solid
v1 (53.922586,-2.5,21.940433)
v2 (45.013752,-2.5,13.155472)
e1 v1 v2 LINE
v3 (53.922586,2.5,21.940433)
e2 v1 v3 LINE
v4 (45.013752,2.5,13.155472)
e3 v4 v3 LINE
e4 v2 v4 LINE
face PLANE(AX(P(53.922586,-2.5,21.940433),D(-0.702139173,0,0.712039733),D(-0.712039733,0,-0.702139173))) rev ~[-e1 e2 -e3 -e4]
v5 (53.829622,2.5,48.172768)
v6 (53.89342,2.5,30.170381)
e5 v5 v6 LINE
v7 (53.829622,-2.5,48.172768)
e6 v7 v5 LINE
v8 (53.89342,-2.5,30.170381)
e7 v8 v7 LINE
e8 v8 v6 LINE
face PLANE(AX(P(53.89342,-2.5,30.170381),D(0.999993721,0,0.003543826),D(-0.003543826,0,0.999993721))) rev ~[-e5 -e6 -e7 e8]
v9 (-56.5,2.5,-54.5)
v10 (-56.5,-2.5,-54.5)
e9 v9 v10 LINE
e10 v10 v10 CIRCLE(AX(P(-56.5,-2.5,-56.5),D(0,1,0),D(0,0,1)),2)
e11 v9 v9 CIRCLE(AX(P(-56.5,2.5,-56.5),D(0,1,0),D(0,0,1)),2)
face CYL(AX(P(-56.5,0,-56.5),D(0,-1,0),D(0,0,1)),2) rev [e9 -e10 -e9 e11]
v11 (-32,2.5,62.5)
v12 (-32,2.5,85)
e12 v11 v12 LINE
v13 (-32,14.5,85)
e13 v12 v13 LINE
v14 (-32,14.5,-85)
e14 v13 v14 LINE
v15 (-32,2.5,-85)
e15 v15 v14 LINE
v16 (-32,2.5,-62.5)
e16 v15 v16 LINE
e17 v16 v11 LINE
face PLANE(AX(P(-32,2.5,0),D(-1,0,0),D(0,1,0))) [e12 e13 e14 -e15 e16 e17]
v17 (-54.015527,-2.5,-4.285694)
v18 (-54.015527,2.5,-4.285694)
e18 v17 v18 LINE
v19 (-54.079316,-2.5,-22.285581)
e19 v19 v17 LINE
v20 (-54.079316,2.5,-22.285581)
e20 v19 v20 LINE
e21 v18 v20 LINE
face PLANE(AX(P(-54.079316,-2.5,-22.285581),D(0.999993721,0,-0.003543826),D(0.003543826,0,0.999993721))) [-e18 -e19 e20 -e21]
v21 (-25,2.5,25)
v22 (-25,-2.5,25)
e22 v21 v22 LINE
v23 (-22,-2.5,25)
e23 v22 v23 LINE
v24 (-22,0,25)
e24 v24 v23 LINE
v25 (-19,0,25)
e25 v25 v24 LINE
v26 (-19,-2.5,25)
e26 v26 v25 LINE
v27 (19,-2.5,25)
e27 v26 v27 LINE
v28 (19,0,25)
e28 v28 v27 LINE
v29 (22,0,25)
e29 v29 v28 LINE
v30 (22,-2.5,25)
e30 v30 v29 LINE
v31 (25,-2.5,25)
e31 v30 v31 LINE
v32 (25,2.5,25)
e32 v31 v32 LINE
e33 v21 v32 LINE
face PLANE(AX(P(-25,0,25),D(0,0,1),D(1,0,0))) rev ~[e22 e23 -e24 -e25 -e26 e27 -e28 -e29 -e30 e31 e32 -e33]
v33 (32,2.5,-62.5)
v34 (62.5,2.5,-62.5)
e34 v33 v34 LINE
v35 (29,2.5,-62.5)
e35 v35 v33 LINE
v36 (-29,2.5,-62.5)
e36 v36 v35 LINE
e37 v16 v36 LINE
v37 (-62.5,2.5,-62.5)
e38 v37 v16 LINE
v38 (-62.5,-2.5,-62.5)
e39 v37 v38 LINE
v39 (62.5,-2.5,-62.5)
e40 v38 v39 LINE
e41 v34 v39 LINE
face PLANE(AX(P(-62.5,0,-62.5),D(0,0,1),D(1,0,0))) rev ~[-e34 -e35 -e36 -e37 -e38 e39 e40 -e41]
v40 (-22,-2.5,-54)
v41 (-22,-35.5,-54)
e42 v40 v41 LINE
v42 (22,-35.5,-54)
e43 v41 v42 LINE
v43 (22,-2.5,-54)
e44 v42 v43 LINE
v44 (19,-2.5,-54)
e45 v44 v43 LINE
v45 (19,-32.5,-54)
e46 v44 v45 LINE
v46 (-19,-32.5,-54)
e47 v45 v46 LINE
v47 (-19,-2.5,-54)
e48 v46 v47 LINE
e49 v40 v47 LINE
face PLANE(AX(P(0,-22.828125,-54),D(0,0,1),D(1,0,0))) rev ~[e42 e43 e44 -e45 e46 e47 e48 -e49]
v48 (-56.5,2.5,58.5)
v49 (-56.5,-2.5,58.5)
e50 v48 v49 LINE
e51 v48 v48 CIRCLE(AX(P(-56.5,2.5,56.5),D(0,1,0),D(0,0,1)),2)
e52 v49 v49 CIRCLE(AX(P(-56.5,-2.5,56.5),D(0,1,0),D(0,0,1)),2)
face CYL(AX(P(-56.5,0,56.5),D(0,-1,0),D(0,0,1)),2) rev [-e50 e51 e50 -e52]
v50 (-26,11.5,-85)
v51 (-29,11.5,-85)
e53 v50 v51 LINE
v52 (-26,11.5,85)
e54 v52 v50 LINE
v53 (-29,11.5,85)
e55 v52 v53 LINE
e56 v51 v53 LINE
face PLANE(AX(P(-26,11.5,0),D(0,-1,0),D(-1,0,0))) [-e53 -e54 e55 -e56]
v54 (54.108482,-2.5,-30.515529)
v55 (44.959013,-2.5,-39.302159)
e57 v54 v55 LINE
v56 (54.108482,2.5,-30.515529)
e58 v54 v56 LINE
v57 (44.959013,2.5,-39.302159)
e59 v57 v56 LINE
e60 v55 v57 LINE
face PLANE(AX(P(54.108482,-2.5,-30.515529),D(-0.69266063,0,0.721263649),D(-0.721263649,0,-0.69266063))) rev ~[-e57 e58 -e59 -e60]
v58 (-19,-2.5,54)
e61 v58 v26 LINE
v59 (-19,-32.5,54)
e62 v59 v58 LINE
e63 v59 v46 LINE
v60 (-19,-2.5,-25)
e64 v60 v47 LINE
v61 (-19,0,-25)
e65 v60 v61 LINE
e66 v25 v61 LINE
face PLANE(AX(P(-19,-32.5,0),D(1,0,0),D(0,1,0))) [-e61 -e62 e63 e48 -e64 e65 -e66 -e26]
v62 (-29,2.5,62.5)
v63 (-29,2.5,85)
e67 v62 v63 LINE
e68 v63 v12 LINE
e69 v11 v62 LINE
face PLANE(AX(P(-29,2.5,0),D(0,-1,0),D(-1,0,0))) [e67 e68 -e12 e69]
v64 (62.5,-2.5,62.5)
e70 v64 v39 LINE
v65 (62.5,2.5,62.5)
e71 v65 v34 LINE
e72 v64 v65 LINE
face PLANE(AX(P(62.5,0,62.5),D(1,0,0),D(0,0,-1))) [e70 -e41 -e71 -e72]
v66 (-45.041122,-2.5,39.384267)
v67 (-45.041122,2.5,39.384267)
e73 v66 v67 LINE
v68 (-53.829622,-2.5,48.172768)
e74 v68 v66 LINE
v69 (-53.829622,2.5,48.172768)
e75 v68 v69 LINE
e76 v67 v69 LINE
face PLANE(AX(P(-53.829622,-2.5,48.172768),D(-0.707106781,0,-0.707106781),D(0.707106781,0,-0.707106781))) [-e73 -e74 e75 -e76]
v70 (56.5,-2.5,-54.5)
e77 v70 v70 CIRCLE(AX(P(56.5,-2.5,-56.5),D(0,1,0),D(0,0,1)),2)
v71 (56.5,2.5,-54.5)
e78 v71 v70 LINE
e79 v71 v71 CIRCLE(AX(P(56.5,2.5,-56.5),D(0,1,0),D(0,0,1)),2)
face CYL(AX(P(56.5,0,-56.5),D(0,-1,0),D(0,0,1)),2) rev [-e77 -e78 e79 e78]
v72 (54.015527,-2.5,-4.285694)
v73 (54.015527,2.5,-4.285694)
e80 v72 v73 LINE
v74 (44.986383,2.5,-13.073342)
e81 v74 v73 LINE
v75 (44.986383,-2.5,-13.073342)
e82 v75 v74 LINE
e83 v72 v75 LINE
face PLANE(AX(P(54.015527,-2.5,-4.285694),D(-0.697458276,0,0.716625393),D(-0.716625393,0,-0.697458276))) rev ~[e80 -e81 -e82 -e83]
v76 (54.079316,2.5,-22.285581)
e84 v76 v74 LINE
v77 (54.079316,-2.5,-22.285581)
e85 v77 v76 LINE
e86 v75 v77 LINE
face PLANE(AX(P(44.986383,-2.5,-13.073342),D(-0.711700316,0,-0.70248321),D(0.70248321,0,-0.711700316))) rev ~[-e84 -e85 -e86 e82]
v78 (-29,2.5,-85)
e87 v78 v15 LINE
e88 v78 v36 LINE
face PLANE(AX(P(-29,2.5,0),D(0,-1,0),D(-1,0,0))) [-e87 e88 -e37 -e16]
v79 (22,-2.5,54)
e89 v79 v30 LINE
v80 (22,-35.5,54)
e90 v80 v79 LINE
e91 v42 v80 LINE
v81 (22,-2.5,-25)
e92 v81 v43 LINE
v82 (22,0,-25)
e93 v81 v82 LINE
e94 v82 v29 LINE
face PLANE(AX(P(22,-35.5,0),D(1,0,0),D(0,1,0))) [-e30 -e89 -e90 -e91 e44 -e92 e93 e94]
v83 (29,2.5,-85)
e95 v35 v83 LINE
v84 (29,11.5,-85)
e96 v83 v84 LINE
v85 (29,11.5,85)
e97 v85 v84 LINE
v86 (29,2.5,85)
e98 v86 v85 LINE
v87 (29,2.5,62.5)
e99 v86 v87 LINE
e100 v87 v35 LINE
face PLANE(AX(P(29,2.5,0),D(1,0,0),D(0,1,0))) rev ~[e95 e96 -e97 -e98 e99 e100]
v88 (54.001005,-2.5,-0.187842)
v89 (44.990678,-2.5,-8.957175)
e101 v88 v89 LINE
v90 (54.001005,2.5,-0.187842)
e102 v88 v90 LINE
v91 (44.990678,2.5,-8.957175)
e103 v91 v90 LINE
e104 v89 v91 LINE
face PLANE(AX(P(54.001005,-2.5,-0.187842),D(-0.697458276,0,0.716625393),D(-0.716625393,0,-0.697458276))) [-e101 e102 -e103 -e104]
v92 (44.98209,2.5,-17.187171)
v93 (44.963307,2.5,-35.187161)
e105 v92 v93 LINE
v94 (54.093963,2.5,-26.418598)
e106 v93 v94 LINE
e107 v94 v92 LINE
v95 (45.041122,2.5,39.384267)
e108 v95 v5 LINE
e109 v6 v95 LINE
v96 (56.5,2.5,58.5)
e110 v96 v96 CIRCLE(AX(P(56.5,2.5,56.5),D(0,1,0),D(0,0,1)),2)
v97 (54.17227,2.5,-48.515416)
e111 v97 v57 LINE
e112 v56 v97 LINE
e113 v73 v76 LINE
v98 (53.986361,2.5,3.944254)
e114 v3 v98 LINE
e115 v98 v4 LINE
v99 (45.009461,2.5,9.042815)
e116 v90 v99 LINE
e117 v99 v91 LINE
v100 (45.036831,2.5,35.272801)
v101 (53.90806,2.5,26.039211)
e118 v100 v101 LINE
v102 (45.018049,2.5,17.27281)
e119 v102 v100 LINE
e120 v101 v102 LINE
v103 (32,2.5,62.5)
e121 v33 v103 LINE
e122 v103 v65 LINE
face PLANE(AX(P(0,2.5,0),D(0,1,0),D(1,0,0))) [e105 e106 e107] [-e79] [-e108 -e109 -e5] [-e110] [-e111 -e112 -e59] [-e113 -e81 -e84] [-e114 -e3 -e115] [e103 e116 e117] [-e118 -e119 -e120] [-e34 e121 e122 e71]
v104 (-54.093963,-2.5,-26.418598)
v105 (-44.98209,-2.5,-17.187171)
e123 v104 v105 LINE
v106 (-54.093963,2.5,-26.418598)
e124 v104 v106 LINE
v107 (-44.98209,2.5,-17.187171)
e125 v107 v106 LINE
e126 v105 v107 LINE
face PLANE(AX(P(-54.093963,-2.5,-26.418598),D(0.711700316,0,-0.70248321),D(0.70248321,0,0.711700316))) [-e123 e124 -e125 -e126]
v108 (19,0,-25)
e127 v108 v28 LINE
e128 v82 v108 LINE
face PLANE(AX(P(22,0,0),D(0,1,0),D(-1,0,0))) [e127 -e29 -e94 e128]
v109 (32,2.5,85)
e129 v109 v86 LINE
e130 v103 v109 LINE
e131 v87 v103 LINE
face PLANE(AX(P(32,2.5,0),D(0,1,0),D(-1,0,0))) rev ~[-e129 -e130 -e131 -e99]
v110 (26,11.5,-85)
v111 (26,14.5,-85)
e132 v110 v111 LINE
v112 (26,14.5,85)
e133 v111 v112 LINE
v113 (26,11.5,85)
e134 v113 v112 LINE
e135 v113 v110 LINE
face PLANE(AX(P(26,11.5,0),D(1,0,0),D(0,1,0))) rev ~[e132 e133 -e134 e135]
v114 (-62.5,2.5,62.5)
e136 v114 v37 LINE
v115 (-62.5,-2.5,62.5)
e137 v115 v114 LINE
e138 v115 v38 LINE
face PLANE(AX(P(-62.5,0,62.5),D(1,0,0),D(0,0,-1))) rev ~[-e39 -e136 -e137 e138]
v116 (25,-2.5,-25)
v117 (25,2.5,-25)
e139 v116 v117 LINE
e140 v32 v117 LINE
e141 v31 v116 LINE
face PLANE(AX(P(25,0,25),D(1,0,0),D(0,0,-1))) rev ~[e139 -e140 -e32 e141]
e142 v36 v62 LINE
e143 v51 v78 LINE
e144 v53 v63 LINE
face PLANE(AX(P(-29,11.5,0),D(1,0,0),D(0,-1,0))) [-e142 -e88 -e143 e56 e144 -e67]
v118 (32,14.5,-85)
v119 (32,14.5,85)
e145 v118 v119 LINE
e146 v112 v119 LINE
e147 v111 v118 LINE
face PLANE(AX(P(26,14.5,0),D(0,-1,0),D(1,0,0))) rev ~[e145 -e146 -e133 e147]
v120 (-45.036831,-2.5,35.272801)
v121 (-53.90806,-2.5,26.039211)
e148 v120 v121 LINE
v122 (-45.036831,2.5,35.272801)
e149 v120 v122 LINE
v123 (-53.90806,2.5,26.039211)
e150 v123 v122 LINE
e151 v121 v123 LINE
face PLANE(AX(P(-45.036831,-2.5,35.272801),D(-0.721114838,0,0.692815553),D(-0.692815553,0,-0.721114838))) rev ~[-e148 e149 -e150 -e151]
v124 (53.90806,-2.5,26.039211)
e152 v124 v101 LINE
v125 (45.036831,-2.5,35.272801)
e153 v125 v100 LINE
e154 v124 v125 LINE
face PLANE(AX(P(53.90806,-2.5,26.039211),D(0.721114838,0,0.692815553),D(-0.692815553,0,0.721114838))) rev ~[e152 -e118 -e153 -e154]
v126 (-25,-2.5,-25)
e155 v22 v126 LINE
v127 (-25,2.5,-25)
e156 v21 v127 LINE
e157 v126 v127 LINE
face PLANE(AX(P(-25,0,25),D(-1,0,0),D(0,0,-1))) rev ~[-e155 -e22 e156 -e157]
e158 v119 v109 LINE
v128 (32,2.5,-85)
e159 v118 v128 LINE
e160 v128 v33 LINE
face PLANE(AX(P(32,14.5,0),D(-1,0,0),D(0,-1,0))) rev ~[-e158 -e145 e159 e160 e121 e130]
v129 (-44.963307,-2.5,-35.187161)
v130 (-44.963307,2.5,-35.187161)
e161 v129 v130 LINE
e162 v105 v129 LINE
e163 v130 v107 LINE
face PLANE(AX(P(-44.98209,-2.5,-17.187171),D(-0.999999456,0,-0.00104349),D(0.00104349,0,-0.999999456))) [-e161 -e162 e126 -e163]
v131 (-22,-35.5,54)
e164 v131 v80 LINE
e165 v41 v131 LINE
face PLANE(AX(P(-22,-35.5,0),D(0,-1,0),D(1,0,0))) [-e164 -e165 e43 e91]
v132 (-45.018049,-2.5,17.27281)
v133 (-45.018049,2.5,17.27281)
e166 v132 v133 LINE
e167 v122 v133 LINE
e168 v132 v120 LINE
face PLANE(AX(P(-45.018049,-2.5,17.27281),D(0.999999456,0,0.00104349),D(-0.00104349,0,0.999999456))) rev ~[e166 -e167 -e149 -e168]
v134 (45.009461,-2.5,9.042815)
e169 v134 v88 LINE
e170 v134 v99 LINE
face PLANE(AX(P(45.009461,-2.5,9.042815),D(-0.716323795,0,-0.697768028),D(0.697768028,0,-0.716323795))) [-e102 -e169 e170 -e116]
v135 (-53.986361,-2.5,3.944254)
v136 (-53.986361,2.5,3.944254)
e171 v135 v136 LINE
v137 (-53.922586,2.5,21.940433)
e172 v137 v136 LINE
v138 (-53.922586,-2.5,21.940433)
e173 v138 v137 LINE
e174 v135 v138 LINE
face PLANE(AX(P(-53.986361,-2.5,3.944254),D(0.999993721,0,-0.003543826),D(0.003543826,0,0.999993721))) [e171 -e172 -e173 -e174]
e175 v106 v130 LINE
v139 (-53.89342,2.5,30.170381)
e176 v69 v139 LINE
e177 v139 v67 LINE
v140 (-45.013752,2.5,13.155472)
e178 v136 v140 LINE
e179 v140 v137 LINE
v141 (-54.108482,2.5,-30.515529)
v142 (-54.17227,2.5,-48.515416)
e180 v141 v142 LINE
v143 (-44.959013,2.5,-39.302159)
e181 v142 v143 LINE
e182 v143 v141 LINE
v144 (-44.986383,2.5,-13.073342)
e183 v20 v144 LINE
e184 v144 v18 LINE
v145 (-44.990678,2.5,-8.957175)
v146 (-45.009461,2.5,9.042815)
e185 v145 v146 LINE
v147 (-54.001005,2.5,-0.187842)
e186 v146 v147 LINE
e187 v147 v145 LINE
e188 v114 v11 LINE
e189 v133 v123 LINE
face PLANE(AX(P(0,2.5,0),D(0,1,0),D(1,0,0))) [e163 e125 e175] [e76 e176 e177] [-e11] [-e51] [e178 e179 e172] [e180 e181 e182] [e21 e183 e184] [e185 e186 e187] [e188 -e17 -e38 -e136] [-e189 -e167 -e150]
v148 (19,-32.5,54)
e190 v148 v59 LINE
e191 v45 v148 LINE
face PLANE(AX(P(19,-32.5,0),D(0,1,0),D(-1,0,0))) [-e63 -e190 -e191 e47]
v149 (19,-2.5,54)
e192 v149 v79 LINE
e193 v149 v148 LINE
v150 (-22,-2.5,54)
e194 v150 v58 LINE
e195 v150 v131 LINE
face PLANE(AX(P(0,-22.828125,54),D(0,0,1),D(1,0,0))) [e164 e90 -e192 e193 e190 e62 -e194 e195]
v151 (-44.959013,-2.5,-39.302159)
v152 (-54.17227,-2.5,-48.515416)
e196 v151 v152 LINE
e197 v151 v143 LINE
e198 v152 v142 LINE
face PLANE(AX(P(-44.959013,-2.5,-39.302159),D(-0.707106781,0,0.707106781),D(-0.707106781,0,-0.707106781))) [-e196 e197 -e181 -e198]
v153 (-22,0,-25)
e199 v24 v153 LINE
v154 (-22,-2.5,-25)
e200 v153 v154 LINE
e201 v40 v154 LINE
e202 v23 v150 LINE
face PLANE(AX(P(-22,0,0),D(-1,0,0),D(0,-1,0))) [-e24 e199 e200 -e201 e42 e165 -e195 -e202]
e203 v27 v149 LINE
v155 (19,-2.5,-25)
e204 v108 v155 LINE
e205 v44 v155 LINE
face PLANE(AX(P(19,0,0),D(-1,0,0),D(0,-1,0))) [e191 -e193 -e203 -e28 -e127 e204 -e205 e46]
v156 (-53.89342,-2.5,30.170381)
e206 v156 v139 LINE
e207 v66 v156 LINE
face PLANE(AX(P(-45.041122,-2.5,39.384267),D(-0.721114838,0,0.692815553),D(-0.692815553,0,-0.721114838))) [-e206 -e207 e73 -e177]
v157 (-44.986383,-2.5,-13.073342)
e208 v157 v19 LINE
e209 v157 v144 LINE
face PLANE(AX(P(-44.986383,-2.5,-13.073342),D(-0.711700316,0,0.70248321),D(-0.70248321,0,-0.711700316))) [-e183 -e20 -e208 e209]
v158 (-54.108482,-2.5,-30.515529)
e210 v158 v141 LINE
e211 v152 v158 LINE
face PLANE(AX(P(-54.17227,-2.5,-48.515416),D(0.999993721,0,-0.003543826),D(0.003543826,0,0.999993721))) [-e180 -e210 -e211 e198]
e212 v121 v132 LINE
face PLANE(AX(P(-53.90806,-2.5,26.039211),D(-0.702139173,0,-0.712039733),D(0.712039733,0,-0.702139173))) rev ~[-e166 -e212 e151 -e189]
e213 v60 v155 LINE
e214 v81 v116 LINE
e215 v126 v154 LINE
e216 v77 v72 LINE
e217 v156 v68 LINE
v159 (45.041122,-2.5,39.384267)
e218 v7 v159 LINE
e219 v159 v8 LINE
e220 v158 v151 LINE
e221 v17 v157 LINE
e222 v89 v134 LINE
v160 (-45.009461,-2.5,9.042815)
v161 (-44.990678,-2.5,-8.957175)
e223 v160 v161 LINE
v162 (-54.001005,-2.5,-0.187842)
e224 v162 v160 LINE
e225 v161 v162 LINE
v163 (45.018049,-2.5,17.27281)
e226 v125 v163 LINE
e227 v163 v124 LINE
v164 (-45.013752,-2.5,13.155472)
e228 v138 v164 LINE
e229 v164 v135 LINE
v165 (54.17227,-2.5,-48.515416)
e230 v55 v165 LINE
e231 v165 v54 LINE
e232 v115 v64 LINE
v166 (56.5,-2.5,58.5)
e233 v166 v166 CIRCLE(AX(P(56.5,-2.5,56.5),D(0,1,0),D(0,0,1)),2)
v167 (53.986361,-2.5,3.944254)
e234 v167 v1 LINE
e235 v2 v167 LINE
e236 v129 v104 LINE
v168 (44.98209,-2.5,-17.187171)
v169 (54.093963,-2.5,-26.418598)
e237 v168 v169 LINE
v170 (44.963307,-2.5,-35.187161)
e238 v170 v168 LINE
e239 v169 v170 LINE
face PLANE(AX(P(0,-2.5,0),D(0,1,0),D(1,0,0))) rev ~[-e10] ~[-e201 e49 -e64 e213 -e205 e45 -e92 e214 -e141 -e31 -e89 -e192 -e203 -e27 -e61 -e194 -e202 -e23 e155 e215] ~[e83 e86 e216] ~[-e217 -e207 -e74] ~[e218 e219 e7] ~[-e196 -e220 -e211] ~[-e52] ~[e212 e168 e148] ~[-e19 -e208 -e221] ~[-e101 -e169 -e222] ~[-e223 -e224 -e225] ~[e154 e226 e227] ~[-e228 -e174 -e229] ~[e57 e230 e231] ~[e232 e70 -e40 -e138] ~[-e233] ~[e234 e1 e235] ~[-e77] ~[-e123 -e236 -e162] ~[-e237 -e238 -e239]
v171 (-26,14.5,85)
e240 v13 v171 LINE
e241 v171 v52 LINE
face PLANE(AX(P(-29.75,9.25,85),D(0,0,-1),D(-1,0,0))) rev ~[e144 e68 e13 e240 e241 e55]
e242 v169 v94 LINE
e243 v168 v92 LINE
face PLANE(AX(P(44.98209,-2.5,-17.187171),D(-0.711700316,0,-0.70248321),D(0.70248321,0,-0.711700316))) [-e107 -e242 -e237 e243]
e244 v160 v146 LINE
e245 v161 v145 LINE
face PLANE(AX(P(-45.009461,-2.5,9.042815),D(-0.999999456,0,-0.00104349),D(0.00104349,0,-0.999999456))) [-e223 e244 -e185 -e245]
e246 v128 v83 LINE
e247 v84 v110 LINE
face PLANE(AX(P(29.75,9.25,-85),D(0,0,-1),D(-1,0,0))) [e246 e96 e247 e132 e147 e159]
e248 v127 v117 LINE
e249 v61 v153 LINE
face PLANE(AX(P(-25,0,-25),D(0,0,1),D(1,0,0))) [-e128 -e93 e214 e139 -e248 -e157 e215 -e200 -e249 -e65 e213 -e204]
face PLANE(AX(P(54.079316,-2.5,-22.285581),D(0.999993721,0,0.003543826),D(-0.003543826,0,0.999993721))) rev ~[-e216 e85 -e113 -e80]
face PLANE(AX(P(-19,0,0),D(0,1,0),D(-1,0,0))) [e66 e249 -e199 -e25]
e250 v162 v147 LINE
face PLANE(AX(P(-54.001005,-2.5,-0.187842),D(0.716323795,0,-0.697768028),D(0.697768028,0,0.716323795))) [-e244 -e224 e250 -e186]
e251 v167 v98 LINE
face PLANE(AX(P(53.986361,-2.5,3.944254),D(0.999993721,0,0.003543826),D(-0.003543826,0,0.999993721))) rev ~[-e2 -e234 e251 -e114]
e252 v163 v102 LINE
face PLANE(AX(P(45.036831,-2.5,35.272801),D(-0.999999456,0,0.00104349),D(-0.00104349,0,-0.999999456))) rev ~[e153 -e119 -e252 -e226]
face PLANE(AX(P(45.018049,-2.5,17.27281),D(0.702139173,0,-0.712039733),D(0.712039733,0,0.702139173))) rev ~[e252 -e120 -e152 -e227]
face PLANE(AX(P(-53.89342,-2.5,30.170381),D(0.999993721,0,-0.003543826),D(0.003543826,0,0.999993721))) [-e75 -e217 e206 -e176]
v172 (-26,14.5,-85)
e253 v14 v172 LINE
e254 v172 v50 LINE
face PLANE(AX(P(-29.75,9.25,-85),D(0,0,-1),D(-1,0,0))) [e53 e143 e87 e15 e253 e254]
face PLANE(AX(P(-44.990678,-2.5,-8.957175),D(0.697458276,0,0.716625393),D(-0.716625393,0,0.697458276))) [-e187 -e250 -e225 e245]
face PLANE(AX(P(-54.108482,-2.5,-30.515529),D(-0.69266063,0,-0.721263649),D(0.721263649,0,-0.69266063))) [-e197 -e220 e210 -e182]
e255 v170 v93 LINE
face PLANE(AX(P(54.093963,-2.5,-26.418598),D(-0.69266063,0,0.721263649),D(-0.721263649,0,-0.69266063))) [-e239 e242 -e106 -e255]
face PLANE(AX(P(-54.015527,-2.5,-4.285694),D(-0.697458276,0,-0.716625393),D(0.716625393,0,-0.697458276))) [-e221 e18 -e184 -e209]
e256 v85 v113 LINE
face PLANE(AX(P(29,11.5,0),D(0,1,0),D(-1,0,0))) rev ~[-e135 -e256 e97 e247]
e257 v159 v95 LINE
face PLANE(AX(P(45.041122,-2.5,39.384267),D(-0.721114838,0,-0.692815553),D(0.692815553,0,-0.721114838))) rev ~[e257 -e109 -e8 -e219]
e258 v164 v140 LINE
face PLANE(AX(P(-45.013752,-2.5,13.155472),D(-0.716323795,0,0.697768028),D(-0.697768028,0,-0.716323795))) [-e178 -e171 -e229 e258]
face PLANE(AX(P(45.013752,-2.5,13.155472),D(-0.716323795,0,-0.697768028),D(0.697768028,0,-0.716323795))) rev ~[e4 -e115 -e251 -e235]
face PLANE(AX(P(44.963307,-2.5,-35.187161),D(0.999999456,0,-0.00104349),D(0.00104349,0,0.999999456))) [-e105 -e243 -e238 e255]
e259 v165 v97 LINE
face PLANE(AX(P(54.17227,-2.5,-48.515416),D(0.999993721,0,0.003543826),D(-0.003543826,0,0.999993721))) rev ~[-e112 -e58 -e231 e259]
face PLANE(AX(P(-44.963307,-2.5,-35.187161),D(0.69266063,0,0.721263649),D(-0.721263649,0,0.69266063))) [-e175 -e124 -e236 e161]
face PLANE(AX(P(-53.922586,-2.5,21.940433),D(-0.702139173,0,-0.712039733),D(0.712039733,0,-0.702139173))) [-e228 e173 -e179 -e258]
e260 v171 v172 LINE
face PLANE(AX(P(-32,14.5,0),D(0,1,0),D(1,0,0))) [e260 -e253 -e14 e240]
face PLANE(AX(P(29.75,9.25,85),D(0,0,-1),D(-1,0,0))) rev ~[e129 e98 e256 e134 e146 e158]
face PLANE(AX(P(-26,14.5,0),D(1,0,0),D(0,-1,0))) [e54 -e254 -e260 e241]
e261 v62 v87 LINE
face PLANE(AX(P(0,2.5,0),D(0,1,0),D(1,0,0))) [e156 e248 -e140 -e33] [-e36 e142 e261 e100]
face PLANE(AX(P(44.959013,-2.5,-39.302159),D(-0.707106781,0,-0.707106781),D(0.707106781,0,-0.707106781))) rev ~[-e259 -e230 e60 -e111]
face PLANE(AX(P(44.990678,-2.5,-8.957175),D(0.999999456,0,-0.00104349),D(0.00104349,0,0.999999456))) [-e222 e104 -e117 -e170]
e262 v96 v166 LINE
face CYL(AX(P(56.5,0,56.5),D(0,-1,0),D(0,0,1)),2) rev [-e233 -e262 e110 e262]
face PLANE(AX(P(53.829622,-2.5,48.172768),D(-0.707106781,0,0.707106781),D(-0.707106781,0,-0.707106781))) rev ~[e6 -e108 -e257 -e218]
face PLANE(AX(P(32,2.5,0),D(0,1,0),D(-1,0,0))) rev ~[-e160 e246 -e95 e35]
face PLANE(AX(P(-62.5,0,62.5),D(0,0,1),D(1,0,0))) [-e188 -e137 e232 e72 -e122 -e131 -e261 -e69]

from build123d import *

# Parameters (mm, degrees)
SKETCH_2_W               = 125
SKETCH_2_H               = 125
SKETCH_2_R               = 2
SKETCH_2_W_2             = 50
SKETCH_2_H_2             = 50
EXTRUDE_1_DEPTH          = 2.5
EXTRUDE_4_DEPTH          = 54
CUT_EXTRUDE_2_DEPTH      = 97.210706265
CUT_EXTRUDE_2_DEPTH_BACK = 5
EXTRUDE_7_DEPTH          = 85


with BuildPart() as part:
    # 스케치2 → 보스-돌출1 (new, symmetric)
    with BuildSketch(Plane(origin=(0, 0, 0), x_dir=(1, 0, 0), z_dir=(0, 1, 0))):
        Rectangle(SKETCH_2_W, SKETCH_2_H)
        with Locations((-56.5, 56.5)):
            Circle(SKETCH_2_R, mode=Mode.SUBTRACT)
        with Locations((56.5, 56.5)):
            Circle(SKETCH_2_R, mode=Mode.SUBTRACT)
        with Locations((-56.5, -56.5)):
            Circle(SKETCH_2_R, mode=Mode.SUBTRACT)
        with Locations((56.5, -56.5)):
            Circle(SKETCH_2_R, mode=Mode.SUBTRACT)
        Rectangle(SKETCH_2_W_2, SKETCH_2_H_2, mode=Mode.SUBTRACT)
    extrude(amount=EXTRUDE_1_DEPTH, both=True)

    # 스케치6 → 보스-돌출4 (add, symmetric)
    with BuildSketch(Plane.XY):
        Polygon((-22, 0), (-22, -35.5), (22, -35.5), (22, 0), (19, 0), (19, -32.5), (-19, -32.5), (-19, 0), align=None)
    extrude(amount=EXTRUDE_4_DEPTH, both=True)

    # 스케치8 → 컷-돌출2 (cut, two sides: drawn at the far end of the back side and taken through both)
    with BuildSketch(Plane(origin=(0, 2.5, 0), x_dir=(1, 0, 0), z_dir=(0, 1, 0)).offset(-CUT_EXTRUDE_2_DEPTH_BACK)):
        Polygon((54.07931581, 22.285580831), (54.015526938, 4.28569386), (44.986382589, 13.073341514), align=None)
        Polygon((53.829622097, -48.172767848), (45.041121619, -39.384267369), (53.893419828, -30.170381277), align=None)
        Polygon((45.036831341, -35.272800588), (45.018048518, -17.272810388), (53.90806007, -26.039210725), align=None)
        Polygon((44.95901306, 39.30215881), (54.172270373, 48.515416123), (54.1084815, 30.515529152), align=None)
        Polygon((53.922585518, -21.940432956), (45.013752114, -13.155472476), (53.986361248, -3.944254461), align=None)
        Polygon((45.009460593, -9.042814869), (54.001004771, 0.18784173), (44.99067777, 8.957175331), align=None)
        Polygon((44.982089846, 17.187170851), (54.093962598, 26.418598199), (44.963307022, 35.187161051), align=None)
        Polygon((-53.893419828, -30.170381277), (-53.829622097, -48.172767848), (-45.041121619, -39.384267369), align=None)
        Polygon((-45.009460593, -9.042814869), (-44.99067777, 8.957175331), (-54.001004771, 0.18784173), align=None)
        Polygon((-53.986361248, -3.944254461), (-53.922585518, -21.940432956), (-45.013752114, -13.155472476), align=None)
        Polygon((-44.982089846, 17.187170851), (-44.963307022, 35.187161051), (-54.093962598, 26.418598199), align=None)
        Polygon((-54.1084815, 30.515529152), (-44.95901306, 39.30215881), (-54.172270373, 48.515416123), align=None)
        Polygon((-44.986382589, 13.073341514), (-54.07931581, 22.285580831), (-54.015526938, 4.28569386), align=None)
        Polygon((-53.90806007, -26.039210725), (-45.018048518, -17.272810388), (-45.036831341, -35.272800588), align=None)
    extrude(amount=CUT_EXTRUDE_2_DEPTH + CUT_EXTRUDE_2_DEPTH_BACK, mode=Mode.SUBTRACT)

    # 스케치11 → 보스-돌출7 (add, symmetric)
    with BuildSketch(Plane.XY):
        Polygon((-32, 2.5), (-32, 14.5), (-26, 14.5), (-26, 11.5), (-29, 11.5), (-29, 2.5), align=None)
        Polygon((32, 2.5), (29, 2.5), (29, 11.5), (26, 11.5), (26, 14.5), (32, 14.5), align=None)
    extrude(amount=EXTRUDE_7_DEPTH, both=True)


solid = part.part
